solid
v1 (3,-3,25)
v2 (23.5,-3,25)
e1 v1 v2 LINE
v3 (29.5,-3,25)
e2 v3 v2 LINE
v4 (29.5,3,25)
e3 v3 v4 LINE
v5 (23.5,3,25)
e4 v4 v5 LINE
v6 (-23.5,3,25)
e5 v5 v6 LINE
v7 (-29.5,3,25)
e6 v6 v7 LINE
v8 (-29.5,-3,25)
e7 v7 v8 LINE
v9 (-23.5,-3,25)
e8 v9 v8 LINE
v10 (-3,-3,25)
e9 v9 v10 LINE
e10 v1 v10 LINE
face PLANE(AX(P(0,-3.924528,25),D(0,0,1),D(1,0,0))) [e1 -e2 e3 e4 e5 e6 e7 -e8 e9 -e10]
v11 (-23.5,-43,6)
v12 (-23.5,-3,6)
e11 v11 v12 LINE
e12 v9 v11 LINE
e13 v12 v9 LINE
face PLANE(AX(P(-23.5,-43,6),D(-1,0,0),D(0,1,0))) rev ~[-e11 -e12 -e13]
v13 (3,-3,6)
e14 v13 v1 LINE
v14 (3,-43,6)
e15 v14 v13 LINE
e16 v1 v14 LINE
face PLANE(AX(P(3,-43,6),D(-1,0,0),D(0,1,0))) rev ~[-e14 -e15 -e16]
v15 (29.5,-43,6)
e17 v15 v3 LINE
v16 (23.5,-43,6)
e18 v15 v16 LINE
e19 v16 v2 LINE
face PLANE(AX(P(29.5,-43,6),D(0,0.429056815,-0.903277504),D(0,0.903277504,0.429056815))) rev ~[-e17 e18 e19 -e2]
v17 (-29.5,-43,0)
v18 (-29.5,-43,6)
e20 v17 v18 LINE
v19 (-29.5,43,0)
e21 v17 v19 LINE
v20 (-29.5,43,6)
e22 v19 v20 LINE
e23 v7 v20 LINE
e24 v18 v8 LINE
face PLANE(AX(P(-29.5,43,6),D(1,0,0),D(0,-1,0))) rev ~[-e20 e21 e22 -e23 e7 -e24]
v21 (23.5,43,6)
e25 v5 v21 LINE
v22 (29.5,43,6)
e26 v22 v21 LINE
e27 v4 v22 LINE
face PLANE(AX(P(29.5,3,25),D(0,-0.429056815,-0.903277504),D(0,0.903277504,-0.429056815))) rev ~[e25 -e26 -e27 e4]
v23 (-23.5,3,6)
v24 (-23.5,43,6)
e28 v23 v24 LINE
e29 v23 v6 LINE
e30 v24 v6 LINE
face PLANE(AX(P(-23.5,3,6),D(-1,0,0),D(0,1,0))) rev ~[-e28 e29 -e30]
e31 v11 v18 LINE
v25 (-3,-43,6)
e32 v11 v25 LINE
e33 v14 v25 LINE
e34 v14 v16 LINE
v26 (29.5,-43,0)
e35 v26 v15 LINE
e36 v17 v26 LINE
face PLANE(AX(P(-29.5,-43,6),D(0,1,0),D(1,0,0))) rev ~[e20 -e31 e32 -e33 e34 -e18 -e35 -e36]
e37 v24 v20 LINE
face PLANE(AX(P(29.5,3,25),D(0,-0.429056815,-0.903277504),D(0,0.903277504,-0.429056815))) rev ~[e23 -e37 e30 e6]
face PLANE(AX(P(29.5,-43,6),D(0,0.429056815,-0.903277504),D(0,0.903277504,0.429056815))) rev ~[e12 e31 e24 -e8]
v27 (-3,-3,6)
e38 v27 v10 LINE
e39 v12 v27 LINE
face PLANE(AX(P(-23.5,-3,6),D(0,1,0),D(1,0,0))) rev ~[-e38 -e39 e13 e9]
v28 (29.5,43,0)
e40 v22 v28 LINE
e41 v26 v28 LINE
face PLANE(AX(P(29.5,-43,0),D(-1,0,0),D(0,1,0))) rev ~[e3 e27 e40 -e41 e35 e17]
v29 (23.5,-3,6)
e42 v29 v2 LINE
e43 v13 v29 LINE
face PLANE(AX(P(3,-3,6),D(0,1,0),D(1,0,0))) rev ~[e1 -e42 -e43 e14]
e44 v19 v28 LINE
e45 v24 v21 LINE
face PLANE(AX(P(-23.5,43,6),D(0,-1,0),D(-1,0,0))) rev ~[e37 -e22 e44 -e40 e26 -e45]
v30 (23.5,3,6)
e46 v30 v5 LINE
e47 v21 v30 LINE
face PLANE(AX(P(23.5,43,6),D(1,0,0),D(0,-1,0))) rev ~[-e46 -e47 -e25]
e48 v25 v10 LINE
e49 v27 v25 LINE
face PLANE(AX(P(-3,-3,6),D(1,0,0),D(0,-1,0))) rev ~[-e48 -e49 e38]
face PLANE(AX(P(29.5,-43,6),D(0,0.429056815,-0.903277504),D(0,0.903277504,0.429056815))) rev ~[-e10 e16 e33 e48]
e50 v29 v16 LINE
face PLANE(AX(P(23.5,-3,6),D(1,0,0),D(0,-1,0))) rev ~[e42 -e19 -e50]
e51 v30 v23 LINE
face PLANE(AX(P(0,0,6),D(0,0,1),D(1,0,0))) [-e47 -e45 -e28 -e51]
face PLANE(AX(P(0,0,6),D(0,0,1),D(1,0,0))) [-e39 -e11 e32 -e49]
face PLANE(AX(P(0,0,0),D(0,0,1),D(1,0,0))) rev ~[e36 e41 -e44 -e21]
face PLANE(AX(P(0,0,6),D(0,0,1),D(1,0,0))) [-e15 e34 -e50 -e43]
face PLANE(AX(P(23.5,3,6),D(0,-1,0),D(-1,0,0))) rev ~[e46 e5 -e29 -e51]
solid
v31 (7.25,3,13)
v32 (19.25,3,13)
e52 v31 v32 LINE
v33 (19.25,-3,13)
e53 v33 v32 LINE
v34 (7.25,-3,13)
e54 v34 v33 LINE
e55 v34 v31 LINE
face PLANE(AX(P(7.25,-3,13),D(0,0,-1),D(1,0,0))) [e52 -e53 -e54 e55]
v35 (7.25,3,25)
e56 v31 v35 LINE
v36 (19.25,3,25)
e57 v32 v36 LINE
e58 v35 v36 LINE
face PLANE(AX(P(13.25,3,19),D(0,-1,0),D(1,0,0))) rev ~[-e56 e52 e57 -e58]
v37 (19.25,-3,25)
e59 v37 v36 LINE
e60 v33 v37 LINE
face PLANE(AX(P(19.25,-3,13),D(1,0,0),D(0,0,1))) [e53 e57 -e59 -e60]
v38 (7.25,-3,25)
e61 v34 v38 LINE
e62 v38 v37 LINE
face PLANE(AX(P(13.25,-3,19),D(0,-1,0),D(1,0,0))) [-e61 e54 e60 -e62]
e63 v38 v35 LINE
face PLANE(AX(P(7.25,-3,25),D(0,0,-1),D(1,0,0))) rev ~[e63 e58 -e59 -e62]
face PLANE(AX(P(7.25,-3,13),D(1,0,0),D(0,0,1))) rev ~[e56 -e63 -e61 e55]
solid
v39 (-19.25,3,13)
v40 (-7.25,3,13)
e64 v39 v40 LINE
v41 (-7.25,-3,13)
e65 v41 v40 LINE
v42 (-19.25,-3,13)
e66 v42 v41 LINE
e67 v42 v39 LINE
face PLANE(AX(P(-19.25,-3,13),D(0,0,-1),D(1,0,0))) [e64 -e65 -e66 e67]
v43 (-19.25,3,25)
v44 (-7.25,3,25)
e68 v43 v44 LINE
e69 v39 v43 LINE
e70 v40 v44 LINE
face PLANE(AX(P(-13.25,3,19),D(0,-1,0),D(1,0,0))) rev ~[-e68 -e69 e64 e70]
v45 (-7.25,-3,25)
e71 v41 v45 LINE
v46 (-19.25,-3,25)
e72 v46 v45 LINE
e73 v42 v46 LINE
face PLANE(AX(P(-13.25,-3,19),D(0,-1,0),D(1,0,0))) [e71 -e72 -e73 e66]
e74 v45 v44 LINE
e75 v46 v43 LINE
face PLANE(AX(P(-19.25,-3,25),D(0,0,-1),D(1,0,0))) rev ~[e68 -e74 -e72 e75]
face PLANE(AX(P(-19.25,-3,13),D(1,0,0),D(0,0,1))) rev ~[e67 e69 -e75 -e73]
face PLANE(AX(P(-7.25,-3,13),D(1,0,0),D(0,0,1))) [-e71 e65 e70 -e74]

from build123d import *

# Parameters (mm, degrees)
F0_W     = 59
F0_H     = 86
F1_DEPTH = 6
F3_DEPTH = 19
F5_DEPTH = 59.001
F6_W     = 12
F6_H     = 12
F7_DEPTH = 6


with BuildPart() as f1:
    # F0 (on Top) → F1 (new body)
    with BuildSketch(Plane.XY):
        Rectangle(F0_W, F0_H)
    extrude(amount=F1_DEPTH)

    # F2 (on face) → F3 (join)
    with BuildSketch(Plane.XY.offset(6)):
        Polygon((-23.5, 43), (-29.5, 43), (-29.5, -43), (-23.5, -43), (-23.5, -3), (-3, -3), (-3, -43), (3, -43), (3, -3), (23.5, -3), (23.5, -43), (29.5, -43), (29.5, 43), (23.5, 43), (23.5, 3), (-23.5, 3), align=None)
    extrude(amount=F3_DEPTH)

    # F4 (on face) → F5 (cut, through all)
    with BuildSketch(Plane.YZ.offset(29.5)):
        Polygon((-43, 25), (-43, 6), (-3, 25), align=None)
        Polygon((43, 25), (3, 25), (43, 6), align=None)
    extrude(amount=-F5_DEPTH, mode=Mode.SUBTRACT)


with BuildPart() as f7:
    # F6 (on face) → F7 (new body)
    with BuildSketch(Plane.XZ.offset(3)):
        with Locations((-13.25, 19)):
            Rectangle(F6_W, F6_H)
        with Locations((13.25, 19)):
            Rectangle(F6_W, F6_H)
    extrude(amount=-F7_DEPTH)


solid = Compound([f1.part, f7.part])
